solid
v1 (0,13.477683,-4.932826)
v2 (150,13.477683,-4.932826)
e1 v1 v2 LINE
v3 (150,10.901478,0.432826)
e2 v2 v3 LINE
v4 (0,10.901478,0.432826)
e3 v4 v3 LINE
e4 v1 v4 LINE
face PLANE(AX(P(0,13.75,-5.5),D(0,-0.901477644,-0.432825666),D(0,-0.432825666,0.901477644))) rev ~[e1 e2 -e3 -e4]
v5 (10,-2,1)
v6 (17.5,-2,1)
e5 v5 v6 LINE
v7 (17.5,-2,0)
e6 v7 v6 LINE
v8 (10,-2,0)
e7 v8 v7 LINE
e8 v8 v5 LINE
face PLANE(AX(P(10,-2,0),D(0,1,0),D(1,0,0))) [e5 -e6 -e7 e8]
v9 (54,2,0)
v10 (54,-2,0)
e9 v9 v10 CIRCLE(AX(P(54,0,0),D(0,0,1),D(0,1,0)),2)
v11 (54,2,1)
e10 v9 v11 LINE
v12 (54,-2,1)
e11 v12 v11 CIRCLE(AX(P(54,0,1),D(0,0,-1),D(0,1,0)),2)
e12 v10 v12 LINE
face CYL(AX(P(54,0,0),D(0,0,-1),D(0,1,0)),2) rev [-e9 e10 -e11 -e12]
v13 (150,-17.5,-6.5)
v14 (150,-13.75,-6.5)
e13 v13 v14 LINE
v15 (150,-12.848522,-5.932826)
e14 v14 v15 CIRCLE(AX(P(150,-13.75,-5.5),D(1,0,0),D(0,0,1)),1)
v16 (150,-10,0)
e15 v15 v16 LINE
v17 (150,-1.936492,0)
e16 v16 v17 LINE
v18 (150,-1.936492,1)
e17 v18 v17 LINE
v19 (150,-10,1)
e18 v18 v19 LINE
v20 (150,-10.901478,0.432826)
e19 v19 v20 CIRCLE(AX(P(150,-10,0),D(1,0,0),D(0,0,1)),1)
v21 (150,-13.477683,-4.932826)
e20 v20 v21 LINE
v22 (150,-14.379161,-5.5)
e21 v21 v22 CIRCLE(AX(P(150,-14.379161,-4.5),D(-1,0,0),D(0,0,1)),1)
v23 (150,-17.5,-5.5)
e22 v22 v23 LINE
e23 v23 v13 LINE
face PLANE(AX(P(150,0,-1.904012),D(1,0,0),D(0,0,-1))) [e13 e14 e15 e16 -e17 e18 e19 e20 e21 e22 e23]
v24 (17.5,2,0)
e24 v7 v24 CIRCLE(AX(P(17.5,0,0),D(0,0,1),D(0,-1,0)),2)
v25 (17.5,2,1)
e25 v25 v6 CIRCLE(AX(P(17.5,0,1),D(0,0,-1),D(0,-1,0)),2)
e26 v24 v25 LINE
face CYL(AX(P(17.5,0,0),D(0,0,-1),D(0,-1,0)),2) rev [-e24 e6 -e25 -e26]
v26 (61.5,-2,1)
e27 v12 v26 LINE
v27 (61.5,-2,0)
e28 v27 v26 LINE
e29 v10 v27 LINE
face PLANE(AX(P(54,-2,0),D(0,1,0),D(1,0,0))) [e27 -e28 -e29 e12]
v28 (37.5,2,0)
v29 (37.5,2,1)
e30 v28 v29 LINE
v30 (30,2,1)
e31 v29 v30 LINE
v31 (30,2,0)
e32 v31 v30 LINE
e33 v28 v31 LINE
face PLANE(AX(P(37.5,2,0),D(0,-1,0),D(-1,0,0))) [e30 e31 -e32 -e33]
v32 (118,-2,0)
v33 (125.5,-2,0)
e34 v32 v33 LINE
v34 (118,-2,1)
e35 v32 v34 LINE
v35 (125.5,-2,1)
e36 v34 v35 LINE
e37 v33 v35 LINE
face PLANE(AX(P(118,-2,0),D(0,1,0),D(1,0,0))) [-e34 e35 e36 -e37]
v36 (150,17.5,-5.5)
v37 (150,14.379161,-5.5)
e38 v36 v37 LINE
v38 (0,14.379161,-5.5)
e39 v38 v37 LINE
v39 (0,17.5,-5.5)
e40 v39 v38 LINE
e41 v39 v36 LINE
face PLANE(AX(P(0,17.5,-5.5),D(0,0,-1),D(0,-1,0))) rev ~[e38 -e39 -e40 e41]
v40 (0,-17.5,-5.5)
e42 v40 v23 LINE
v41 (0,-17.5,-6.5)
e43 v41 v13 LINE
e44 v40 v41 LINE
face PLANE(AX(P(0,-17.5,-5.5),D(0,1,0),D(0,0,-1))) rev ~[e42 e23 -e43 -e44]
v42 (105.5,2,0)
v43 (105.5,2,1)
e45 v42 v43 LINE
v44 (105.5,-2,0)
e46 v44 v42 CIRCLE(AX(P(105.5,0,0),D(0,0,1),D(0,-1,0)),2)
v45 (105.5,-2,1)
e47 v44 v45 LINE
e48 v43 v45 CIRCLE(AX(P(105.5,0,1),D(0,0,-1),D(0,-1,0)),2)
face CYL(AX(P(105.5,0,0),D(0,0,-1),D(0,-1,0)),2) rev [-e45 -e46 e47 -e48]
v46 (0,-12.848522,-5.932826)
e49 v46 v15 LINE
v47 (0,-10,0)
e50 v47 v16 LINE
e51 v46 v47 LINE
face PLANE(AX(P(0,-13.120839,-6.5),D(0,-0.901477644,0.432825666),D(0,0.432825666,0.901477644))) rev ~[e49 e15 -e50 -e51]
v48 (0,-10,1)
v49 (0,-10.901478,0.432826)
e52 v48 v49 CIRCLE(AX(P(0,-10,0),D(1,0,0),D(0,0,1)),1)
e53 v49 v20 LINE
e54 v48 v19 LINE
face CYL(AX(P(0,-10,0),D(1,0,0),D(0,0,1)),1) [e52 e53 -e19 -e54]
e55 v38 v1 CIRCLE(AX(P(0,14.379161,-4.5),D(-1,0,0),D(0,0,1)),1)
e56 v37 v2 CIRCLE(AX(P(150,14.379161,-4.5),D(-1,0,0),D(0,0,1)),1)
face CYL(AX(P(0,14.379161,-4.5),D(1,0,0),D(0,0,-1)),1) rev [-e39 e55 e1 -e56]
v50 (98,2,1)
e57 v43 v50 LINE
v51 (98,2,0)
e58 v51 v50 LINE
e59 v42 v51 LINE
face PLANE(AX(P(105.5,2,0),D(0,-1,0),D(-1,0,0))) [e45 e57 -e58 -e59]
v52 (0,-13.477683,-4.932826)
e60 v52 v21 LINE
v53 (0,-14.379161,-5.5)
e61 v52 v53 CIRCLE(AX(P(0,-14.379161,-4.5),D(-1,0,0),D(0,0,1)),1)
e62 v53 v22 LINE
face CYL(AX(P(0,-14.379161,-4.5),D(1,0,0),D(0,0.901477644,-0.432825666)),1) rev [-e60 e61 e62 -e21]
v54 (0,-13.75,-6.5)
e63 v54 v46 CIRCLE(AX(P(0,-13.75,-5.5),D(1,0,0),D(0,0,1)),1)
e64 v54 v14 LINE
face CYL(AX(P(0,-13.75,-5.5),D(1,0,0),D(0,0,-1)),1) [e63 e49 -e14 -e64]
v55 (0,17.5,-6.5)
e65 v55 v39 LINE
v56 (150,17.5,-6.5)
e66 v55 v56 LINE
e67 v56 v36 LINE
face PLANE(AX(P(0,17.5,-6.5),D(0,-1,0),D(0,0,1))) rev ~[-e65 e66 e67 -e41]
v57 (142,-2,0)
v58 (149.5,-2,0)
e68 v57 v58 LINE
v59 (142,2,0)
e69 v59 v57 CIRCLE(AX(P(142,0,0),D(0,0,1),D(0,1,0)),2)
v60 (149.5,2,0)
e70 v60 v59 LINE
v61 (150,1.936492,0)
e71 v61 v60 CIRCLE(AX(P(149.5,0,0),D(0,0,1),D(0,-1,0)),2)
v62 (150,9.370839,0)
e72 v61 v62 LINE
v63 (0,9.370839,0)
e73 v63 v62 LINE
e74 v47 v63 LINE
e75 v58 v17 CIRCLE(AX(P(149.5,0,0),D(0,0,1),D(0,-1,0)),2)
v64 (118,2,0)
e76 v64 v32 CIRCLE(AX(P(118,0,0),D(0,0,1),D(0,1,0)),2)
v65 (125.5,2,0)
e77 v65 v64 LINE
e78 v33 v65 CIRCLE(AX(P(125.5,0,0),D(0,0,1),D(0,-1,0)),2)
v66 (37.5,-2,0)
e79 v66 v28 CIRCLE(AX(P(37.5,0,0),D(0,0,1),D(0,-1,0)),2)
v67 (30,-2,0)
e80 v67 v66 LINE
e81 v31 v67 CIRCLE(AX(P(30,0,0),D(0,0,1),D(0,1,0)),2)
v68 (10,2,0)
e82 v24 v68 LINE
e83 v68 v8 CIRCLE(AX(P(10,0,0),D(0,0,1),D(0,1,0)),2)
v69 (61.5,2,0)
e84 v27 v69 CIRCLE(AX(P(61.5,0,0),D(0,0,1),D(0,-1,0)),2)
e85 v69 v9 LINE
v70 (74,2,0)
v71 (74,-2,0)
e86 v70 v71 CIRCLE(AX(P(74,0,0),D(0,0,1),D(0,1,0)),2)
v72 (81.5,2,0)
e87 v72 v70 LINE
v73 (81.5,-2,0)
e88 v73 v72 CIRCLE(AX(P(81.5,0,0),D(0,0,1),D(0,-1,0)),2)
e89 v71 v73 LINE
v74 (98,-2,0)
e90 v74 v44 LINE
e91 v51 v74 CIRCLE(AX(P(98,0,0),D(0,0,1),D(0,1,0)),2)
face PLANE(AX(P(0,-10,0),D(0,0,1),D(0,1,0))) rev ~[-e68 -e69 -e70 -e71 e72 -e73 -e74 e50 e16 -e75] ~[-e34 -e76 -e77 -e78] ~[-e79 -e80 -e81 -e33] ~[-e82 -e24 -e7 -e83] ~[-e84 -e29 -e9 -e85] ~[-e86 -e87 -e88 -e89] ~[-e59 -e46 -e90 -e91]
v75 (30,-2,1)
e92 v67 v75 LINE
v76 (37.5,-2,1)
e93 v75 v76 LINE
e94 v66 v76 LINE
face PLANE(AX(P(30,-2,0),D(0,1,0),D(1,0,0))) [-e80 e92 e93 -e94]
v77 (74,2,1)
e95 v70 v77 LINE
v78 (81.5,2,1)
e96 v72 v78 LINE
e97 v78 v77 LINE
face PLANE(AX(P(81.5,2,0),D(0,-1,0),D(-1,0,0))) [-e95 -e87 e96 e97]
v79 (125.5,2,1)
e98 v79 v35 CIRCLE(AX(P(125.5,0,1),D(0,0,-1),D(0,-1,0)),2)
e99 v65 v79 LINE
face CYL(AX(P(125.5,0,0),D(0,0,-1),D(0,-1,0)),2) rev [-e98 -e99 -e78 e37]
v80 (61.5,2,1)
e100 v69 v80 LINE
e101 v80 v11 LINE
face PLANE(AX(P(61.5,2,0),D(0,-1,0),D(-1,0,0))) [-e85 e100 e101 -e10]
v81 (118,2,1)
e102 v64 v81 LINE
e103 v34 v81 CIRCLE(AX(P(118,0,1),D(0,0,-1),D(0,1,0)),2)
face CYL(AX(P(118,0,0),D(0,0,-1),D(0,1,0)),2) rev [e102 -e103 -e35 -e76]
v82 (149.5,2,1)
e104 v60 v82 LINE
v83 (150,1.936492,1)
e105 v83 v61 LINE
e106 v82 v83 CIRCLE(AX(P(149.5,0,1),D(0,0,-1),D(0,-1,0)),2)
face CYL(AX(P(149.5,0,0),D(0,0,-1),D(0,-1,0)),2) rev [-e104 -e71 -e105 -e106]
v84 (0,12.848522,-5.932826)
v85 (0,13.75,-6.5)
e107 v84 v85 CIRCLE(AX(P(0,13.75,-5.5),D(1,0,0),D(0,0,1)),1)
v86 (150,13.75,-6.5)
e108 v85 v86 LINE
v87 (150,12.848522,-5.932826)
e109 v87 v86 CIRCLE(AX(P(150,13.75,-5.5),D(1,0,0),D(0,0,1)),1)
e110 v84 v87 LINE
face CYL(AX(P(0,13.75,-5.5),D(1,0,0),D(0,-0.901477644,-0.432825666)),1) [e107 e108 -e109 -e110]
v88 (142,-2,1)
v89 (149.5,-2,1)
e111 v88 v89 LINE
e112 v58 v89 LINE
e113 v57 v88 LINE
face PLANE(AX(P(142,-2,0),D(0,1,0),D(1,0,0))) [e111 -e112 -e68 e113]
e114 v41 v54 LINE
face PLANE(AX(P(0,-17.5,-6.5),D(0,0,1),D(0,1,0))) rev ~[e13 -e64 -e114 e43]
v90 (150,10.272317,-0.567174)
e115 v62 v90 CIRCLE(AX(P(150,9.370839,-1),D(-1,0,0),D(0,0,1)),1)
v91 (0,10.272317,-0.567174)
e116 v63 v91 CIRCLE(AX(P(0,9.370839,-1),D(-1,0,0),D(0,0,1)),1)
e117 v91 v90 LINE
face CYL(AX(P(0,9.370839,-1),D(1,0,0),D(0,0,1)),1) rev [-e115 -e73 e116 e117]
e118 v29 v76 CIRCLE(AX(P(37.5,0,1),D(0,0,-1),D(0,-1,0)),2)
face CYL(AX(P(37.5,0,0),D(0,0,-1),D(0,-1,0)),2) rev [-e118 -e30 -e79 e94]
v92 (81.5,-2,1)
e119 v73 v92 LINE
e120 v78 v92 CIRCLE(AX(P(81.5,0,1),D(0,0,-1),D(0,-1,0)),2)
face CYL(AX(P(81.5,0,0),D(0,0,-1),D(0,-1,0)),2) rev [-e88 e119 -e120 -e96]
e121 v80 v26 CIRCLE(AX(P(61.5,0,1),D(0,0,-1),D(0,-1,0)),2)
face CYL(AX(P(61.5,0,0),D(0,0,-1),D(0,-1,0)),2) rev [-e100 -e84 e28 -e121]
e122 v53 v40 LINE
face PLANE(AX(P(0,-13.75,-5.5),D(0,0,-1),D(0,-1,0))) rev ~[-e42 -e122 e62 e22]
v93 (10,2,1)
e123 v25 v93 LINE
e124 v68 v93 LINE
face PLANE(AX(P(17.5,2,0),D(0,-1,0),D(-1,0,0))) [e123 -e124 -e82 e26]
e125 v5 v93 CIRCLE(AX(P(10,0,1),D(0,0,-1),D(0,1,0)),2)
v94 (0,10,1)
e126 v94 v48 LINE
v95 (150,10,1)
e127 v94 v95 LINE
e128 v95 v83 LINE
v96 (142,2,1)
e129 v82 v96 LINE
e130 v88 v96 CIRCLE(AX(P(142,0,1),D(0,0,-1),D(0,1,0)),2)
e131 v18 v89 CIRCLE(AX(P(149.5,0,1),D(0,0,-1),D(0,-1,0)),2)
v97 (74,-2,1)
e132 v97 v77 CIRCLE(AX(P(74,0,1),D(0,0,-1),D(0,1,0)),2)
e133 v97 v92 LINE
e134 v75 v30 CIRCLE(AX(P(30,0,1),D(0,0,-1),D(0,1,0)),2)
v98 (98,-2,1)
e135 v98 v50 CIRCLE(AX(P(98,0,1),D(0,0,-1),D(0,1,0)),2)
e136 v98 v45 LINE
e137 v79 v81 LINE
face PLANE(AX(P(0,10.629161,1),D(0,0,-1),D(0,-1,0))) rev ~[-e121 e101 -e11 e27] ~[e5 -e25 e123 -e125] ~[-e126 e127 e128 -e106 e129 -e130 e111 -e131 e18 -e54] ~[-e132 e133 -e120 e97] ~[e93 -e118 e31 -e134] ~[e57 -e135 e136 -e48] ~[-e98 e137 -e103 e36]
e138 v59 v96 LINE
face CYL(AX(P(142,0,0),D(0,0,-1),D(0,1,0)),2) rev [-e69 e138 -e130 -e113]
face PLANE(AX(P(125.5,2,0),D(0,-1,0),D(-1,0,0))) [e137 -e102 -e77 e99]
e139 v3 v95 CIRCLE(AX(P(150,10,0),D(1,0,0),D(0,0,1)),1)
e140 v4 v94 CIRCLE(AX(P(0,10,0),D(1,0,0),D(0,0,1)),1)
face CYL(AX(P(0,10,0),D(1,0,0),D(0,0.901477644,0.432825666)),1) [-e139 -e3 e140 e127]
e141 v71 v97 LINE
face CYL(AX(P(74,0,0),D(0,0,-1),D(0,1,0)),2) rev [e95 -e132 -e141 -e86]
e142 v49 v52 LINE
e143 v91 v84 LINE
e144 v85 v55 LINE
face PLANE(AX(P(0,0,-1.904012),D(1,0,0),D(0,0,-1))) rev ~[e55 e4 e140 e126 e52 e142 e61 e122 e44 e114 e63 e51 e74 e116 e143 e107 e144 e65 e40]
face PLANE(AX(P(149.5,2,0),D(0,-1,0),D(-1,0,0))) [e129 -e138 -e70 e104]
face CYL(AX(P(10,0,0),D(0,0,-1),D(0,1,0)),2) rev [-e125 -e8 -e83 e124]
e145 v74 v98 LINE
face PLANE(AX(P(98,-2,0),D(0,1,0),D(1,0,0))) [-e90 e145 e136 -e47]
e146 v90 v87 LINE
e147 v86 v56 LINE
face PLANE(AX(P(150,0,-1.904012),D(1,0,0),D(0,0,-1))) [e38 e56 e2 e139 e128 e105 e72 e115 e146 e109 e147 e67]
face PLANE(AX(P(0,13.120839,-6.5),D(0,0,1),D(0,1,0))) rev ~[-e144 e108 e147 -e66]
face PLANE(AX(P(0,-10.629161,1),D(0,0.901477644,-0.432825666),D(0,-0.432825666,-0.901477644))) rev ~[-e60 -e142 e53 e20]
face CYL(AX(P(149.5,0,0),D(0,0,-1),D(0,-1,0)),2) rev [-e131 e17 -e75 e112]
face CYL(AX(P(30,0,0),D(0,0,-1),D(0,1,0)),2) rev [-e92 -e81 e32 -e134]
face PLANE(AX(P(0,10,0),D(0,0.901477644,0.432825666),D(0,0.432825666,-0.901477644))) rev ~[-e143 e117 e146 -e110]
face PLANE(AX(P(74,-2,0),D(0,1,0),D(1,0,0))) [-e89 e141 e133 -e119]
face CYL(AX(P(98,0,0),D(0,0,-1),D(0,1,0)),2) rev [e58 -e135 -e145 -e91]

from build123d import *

# Parameters (mm, degrees)
EXTRUDE_1_DEPTH     = 150
FILLET_1_R          = 1
CUT_EXTRUDE_1_DEPTH = 10


with BuildPart() as part:
    # 草图1 → 凸台-拉伸1 (new body)
    with BuildSketch(Plane(origin=(0, 0, 0), x_dir=(0, 0, -1), z_dir=(1, 0, 0))):
        Polygon((0, -10), (0, 10), (6.5, 13.120839269), (6.5, 17.5), (5.5, 17.5), (5.5, 13.75), (-1, 10.629160731), (-1, -10.629160731), (5.5, -13.75), (5.5, -17.5), (6.5, -17.5), (6.5, -13.120839269), align=None)
    extrude(amount=EXTRUDE_1_DEPTH)

    # 圆角1
    fillet_1_edges = [part.edges().sort_by_distance(p)[0] for p in [
        (75, 10, 0),
        (75, -13.120839269, -6.5),
        (75, -13.75, -5.5),
        (75, -10.629160731, 1),
        (75, 10.629160731, 1),
        (75, 13.75, -5.5),
        (75, 13.120839269, -6.5),
    ]]
    fillet(fillet_1_edges, radius=FILLET_1_R)

    # 草图2 → 切除-拉伸1 (cut)
    with BuildSketch(Plane(origin=(0, 0, 0), x_dir=(-1, 0, 0), z_dir=(0, 0, -1))):
        with BuildLine():
            Line((-10, -2), (-17.5, -2))
            ThreePointArc((-17.5, -2), (-19.5, 0), (-17.5, 2))
            Line((-17.5, 2), (-10, 2))
            ThreePointArc((-10, 2), (-8, 0), (-10, -2))
        make_face()
        with BuildLine():
            Line((-30, -2), (-37.5, -2))
            ThreePointArc((-37.5, -2), (-39.5, 0), (-37.5, 2))
            Line((-37.5, 2), (-30, 2))
            ThreePointArc((-30, 2), (-28, 0), (-30, -2))
        make_face()
        with BuildLine():
            Line((-54, -2), (-61.5, -2))
            ThreePointArc((-61.5, -2), (-63.5, 0), (-61.5, 2))
            Line((-61.5, 2), (-54, 2))
            ThreePointArc((-54, 2), (-52, 0), (-54, -2))
        make_face()
        with BuildLine():
            Line((-74, -2), (-81.5, -2))
            ThreePointArc((-81.5, -2), (-83.5, 0), (-81.5, 2))
            Line((-81.5, 2), (-74, 2))
            ThreePointArc((-74, 2), (-72, 0), (-74, -2))
        make_face()
        with BuildLine():
            Line((-98, -2), (-105.5, -2))
            ThreePointArc((-105.5, -2), (-107.5, 0), (-105.5, 2))
            Line((-105.5, 2), (-98, 2))
            ThreePointArc((-98, 2), (-96, 0), (-98, -2))
        make_face()
        with BuildLine():
            Line((-118, -2), (-125.5, -2))
            ThreePointArc((-125.5, -2), (-127.5, 0), (-125.5, 2))
            Line((-125.5, 2), (-118, 2))
            ThreePointArc((-118, 2), (-116, 0), (-118, -2))
        make_face()
        with BuildLine():
            Line((-142, -2), (-149.5, -2))
            ThreePointArc((-149.5, -2), (-151.5, 0), (-149.5, 2))
            Line((-149.5, 2), (-142, 2))
            ThreePointArc((-142, 2), (-140, 0), (-142, -2))
        make_face()
        with BuildLine():
            Line((-162, -2), (-169.5, -2))
            ThreePointArc((-169.5, -2), (-171.5, 0), (-169.5, 2))
            Line((-169.5, 2), (-162, 2))
            ThreePointArc((-162, 2), (-160, 0), (-162, -2))
        make_face()
        with BuildLine():
            Line((-186, -2), (-193.5, -2))
            ThreePointArc((-193.5, -2), (-195.5, 0), (-193.5, 2))
            Line((-193.5, 2), (-186, 2))
            ThreePointArc((-186, 2), (-184, 0), (-186, -2))
        make_face()
        with BuildLine():
            Line((-206, -2), (-213.5, -2))
            ThreePointArc((-213.5, -2), (-215.5, 0), (-213.5, 2))
            Line((-213.5, 2), (-206, 2))
            ThreePointArc((-206, 2), (-204, 0), (-206, -2))
        make_face()
        with BuildLine():
            Line((-230, -2), (-237.5, -2))
            ThreePointArc((-237.5, -2), (-239.5, 0), (-237.5, 2))
            Line((-237.5, 2), (-230, 2))
            ThreePointArc((-230, 2), (-228, 0), (-230, -2))
        make_face()
        with BuildLine():
            Line((-250, -2), (-257.5, -2))
            ThreePointArc((-257.5, -2), (-259.5, 0), (-257.5, 2))
            Line((-257.5, 2), (-250, 2))
            ThreePointArc((-250, 2), (-248, 0), (-250, -2))
        make_face()
        with BuildLine():
            Line((-274, -2), (-281.5, -2))
            ThreePointArc((-281.5, -2), (-283.5, 0), (-281.5, 2))
            Line((-281.5, 2), (-274, 2))
            ThreePointArc((-274, 2), (-272, 0), (-274, -2))
        make_face()
        with BuildLine():
            Line((-294, -2), (-301.5, -2))
            ThreePointArc((-301.5, -2), (-303.5, 0), (-301.5, 2))
            Line((-301.5, 2), (-294, 2))
            ThreePointArc((-294, 2), (-292, 0), (-294, -2))
        make_face()
        with BuildLine():
            Line((-318, -2), (-325.5, -2))
            ThreePointArc((-325.5, -2), (-327.5, 0), (-325.5, 2))
            Line((-325.5, 2), (-318, 2))
            ThreePointArc((-318, 2), (-316, 0), (-318, -2))
        make_face()
        with BuildLine():
            Line((-338, -2), (-345.5, -2))
            ThreePointArc((-345.5, -2), (-347.5, 0), (-345.5, 2))
            Line((-345.5, 2), (-338, 2))
            ThreePointArc((-338, 2), (-336, 0), (-338, -2))
        make_face()
        with BuildLine():
            Line((-362, -2), (-369.5, -2))
            ThreePointArc((-369.5, -2), (-371.5, 0), (-369.5, 2))
            Line((-369.5, 2), (-362, 2))
            ThreePointArc((-362, 2), (-360, 0), (-362, -2))
        make_face()
        with BuildLine():
            Line((-382, -2), (-389.5, -2))
            ThreePointArc((-389.5, -2), (-391.5, 0), (-389.5, 2))
            Line((-389.5, 2), (-382, 2))
            ThreePointArc((-382, 2), (-380, 0), (-382, -2))
        make_face()
    extrude(amount=-CUT_EXTRUDE_1_DEPTH, mode=Mode.SUBTRACT)


solid = part.part
